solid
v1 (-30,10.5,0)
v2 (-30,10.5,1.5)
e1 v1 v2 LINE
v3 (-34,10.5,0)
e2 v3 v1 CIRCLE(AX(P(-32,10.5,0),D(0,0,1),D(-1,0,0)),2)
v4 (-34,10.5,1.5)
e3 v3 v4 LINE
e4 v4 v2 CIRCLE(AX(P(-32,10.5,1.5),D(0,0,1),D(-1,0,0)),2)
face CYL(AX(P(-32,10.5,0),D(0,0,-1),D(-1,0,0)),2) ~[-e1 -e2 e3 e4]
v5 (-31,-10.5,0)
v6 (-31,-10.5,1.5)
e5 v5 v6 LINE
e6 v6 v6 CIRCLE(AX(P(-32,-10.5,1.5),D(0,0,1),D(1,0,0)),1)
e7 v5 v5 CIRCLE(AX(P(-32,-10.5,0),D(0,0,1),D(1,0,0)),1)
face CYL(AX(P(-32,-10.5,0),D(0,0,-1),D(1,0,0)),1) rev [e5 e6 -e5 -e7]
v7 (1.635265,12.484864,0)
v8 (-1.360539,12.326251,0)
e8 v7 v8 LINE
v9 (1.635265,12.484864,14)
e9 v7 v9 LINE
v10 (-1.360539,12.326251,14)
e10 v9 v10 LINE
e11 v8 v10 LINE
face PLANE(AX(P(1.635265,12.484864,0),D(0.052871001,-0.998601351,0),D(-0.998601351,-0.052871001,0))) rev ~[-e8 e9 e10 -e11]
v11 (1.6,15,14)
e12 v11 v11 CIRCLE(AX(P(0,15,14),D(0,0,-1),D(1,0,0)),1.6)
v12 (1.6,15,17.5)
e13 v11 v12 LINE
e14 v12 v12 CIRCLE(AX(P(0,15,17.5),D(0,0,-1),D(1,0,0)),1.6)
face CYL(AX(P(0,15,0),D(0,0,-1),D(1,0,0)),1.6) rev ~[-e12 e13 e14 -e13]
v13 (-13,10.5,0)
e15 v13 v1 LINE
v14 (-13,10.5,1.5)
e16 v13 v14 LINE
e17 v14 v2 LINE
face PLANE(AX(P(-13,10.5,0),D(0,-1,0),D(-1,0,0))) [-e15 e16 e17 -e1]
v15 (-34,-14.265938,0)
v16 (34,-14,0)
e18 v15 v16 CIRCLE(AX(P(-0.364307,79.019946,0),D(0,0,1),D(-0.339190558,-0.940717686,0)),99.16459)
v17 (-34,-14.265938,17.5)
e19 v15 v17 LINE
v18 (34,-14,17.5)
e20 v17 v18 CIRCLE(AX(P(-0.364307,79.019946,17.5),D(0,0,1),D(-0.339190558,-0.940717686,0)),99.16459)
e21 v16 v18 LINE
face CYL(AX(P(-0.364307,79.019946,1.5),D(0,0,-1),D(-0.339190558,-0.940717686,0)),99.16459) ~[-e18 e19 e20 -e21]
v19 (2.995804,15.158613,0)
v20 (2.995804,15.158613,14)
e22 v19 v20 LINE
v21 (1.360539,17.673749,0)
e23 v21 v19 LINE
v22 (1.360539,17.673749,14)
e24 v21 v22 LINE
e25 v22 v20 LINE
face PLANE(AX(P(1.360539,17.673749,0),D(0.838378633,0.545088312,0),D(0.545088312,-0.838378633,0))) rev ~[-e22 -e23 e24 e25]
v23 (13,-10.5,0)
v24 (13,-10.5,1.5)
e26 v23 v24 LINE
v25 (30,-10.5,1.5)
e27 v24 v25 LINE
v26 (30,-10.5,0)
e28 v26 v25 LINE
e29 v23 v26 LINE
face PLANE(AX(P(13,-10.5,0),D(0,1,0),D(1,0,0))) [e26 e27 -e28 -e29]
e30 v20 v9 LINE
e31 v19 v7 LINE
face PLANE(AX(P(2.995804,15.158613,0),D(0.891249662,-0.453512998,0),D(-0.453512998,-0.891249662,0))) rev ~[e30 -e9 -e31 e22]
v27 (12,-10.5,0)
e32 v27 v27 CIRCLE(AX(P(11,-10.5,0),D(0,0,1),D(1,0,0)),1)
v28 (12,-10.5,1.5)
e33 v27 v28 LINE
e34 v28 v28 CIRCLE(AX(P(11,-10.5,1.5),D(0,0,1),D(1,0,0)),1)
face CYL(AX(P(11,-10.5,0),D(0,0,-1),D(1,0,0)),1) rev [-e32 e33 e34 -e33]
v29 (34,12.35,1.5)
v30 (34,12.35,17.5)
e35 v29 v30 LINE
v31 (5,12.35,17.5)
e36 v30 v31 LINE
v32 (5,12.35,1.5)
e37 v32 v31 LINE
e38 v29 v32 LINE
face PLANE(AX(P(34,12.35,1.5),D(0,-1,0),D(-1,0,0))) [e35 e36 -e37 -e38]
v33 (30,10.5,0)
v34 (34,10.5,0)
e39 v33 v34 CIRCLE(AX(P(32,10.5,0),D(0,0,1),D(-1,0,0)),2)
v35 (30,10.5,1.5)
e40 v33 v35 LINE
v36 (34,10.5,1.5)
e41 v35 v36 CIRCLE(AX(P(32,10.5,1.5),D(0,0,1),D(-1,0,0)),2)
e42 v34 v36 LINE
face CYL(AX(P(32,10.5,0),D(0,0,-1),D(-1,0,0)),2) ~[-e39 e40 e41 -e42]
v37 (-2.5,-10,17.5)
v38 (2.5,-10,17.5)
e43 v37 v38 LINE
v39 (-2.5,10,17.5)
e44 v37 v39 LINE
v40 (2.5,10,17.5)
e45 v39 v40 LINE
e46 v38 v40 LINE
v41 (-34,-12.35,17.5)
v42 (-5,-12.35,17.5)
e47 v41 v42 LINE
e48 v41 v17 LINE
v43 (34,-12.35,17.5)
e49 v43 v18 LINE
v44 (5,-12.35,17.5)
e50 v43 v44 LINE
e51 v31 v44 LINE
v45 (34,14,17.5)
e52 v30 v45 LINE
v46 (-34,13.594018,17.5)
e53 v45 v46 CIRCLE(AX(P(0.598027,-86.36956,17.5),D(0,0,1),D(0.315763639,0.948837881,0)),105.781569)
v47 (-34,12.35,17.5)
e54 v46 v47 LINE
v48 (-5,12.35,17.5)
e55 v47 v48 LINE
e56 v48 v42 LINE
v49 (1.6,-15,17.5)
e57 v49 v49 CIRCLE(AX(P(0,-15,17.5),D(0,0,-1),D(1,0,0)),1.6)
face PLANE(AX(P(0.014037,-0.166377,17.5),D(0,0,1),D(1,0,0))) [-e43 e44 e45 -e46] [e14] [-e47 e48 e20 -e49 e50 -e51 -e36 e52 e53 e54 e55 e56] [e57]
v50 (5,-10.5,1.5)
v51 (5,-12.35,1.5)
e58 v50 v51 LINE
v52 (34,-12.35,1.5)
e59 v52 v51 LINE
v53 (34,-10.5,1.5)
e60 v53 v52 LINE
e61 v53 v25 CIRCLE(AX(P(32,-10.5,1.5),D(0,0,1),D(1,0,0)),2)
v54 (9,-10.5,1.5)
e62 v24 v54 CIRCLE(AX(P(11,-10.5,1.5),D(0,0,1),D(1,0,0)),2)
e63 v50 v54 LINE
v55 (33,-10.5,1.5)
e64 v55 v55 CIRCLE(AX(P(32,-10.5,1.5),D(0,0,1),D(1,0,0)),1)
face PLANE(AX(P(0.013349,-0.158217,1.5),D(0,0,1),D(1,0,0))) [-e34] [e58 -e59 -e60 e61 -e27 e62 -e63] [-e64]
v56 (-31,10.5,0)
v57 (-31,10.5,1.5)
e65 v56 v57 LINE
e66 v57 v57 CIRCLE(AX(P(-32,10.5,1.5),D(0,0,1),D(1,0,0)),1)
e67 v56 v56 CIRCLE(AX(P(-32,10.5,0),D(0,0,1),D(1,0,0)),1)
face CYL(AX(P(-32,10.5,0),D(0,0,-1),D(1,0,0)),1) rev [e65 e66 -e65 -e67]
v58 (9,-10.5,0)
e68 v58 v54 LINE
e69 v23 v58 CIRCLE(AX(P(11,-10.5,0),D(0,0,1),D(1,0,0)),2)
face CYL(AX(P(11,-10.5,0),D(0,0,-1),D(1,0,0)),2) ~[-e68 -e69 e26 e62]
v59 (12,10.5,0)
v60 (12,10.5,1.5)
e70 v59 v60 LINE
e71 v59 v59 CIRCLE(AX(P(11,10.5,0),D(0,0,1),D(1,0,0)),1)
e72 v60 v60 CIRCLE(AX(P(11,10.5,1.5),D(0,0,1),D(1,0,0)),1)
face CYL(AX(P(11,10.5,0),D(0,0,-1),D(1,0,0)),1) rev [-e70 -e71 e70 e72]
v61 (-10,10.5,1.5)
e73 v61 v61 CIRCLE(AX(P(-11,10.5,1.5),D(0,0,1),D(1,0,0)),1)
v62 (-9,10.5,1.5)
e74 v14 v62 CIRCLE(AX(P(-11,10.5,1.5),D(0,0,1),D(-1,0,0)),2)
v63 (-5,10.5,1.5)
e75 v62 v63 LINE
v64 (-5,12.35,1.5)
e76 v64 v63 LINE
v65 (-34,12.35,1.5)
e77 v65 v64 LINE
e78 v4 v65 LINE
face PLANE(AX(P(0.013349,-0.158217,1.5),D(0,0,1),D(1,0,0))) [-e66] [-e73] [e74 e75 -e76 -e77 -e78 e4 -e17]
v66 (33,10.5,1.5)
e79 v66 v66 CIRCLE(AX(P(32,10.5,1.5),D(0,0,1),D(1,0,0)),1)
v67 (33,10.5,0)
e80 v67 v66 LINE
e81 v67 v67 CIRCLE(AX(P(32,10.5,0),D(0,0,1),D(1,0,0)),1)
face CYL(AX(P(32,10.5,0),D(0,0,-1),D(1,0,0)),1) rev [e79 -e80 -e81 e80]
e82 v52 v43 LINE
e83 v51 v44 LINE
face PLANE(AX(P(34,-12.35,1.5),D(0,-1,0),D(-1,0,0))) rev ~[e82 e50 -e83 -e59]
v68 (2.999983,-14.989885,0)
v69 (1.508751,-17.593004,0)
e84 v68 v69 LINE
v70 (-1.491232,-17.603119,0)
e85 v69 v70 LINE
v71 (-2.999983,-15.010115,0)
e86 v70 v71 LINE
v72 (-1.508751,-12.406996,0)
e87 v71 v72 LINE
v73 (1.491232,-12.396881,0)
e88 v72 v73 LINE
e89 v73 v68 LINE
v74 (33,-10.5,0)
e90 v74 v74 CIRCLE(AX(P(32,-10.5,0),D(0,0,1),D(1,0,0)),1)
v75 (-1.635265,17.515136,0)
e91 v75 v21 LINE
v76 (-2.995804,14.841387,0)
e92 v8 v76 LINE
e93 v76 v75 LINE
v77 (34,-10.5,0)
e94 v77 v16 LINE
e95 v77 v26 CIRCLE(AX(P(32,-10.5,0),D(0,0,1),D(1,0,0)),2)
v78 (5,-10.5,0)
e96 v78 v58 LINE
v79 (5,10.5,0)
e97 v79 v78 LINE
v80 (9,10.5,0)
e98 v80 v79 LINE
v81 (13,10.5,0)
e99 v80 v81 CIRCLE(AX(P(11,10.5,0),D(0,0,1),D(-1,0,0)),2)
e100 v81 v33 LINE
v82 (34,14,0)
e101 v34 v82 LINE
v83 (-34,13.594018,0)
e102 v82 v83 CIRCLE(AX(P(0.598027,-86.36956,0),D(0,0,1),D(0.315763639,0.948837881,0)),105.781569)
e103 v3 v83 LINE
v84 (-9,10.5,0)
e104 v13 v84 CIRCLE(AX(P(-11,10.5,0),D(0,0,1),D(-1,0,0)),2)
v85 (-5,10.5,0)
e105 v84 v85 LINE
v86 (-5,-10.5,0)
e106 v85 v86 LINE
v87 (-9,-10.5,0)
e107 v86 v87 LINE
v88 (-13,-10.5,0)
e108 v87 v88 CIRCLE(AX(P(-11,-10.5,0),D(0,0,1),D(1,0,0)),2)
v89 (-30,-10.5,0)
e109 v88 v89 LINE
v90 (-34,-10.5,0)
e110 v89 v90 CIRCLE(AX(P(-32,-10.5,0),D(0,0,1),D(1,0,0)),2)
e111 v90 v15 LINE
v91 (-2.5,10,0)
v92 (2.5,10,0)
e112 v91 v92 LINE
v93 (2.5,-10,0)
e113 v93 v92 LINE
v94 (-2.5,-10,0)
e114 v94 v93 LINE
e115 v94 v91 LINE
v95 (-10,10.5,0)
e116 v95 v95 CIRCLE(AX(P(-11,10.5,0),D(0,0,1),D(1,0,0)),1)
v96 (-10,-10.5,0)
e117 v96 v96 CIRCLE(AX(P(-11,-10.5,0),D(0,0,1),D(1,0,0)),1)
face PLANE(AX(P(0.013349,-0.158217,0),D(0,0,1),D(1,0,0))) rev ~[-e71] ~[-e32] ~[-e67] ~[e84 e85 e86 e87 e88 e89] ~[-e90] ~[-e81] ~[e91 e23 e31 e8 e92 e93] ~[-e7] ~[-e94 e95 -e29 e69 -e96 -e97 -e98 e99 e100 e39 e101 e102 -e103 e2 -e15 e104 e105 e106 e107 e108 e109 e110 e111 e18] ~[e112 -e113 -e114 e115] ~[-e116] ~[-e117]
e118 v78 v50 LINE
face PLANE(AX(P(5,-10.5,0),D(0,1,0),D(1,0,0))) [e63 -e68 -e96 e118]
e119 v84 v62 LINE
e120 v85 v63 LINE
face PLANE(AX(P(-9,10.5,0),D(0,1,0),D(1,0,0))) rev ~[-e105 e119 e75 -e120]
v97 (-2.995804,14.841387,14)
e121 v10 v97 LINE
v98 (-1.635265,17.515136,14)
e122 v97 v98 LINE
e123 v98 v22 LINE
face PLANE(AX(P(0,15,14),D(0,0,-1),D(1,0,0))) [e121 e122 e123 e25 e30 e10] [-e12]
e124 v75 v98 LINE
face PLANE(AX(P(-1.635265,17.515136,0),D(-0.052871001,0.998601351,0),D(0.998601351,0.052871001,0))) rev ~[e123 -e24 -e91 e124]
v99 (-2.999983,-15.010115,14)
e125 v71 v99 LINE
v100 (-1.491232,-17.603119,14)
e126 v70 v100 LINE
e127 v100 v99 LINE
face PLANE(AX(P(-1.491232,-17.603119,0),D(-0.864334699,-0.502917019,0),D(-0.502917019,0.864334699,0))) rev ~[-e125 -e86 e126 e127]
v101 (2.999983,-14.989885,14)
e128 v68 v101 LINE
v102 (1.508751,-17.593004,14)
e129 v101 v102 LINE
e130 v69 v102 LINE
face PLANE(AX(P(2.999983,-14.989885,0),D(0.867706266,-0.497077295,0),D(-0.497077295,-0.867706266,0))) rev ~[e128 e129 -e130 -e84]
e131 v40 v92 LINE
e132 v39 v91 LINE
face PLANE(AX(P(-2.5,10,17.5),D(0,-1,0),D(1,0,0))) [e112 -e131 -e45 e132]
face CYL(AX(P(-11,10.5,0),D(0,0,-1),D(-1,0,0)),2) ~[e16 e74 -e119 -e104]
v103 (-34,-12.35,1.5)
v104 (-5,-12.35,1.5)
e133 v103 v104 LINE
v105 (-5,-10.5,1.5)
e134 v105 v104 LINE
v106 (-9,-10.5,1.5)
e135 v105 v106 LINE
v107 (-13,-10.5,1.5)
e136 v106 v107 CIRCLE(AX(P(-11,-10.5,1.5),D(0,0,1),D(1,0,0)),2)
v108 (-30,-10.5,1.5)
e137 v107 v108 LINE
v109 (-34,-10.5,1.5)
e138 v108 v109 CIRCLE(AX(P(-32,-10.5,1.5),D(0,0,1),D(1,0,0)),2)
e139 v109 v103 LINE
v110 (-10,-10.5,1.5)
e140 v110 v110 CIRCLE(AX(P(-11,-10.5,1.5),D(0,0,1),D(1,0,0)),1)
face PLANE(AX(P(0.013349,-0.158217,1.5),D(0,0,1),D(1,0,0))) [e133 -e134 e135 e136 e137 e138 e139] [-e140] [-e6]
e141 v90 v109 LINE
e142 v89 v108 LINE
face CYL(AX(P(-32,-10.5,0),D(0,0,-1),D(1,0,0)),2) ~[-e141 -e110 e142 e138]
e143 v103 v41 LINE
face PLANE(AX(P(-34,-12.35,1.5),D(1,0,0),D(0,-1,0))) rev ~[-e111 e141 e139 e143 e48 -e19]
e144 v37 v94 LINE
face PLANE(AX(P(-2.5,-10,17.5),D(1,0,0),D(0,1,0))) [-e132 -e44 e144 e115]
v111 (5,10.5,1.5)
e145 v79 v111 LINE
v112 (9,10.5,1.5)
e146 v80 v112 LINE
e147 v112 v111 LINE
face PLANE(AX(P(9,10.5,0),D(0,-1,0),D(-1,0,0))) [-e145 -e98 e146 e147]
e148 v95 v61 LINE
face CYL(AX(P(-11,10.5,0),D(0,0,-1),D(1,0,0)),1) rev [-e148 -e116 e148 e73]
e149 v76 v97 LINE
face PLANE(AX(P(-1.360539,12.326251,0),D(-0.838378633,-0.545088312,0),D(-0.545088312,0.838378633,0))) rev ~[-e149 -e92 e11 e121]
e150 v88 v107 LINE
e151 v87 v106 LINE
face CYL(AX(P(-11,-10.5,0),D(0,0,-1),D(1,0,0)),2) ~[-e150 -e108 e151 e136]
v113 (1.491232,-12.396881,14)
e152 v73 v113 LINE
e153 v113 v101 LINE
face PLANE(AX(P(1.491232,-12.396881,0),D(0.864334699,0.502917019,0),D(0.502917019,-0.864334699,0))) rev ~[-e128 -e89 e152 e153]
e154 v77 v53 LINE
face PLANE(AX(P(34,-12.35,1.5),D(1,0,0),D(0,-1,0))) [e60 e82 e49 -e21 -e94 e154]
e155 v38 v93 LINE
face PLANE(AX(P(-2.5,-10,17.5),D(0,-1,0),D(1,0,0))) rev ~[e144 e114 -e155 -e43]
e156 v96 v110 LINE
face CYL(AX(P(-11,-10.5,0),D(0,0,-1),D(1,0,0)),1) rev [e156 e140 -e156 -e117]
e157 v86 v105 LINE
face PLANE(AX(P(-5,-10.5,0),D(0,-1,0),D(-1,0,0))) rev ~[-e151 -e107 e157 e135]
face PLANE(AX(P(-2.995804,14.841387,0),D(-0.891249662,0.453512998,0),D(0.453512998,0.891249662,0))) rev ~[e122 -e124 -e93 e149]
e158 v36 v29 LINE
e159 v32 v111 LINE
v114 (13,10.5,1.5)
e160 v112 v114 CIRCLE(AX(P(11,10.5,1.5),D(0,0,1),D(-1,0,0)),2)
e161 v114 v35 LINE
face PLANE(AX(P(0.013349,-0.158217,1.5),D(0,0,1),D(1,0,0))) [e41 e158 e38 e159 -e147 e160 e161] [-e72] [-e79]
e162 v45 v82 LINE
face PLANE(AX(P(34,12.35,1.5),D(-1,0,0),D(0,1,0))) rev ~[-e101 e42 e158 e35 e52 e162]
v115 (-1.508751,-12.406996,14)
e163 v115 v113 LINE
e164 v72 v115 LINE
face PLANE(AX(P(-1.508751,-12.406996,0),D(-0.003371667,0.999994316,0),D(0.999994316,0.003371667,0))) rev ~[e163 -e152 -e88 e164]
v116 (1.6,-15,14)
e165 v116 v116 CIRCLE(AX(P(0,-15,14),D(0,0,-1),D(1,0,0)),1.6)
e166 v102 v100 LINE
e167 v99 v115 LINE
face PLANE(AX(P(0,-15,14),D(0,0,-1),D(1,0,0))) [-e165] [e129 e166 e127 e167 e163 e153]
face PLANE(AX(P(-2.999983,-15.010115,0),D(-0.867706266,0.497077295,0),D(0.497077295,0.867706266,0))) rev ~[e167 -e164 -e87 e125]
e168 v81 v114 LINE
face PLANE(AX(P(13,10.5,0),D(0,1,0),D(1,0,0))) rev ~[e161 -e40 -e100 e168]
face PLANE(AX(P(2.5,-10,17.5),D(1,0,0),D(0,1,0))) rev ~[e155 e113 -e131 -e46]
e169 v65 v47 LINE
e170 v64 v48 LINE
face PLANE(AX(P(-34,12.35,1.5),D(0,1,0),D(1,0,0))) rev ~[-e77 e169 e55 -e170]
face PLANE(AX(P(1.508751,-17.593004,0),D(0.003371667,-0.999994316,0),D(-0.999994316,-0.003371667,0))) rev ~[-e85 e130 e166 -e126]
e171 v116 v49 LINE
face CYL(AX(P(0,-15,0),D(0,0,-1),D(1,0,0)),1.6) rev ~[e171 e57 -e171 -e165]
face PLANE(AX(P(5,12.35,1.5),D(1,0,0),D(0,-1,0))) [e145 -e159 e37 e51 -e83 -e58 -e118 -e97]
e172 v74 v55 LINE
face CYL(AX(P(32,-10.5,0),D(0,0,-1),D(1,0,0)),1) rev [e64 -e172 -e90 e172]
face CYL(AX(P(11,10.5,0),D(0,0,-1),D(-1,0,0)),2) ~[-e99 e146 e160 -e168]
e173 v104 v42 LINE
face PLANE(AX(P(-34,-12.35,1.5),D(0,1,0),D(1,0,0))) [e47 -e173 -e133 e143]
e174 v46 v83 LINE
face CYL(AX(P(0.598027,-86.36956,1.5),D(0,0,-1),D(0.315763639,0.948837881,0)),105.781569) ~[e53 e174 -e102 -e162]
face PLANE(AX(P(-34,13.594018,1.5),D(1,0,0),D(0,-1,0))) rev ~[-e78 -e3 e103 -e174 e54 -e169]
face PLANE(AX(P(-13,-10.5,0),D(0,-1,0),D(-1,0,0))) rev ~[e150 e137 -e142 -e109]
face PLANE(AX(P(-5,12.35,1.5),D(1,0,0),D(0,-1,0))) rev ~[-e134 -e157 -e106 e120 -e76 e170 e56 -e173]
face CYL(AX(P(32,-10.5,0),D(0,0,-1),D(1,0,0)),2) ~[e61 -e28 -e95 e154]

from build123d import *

# Parameters (mm, degrees)
SKETCH_R        = 1
PAD_DEPTH       = 1.5
PAD001_DEPTH    = 16
SKETCH002_R     = 1.6
POCKET_DEPTH    = 30
POCKET001_DEPTH = 14
SKETCH004_W     = 5
SKETCH004_H     = 20
POCKET002_DEPTH = 20


with BuildPart() as part:
    # Sketch → Pad (new body)
    with BuildSketch(Plane.XY):
        with BuildLine():
            Line((13, 10.5), (30, 10.5))
            ThreePointArc((30, 10.5), (32, 8.5), (34, 10.5))
            Line((34, 10.5), (34, 14))
            ThreePointArc((34, 14), (-0.033512, 19.410124), (-34, 13.594018))
            Line((-34, 10.5), (-34, 13.594018))
            ThreePointArc((-34, 10.5), (-32, 8.5), (-30, 10.5))
            Line((-13, 10.5), (-30, 10.5))
            ThreePointArc((-13, 10.5), (-11, 8.5), (-9, 10.5))
            Line((-9, 10.5), (-5, 10.5))
            Line((-5, 10.5), (-5, -10.5))
            Line((-5, -10.5), (-9, -10.5))
            ThreePointArc((-9, -10.5), (-11, -8.5), (-13, -10.5))
            Line((-13, -10.5), (-30, -10.5))
            ThreePointArc((-30, -10.5), (-32, -8.5), (-34, -10.5))
            Line((-34, -10.5), (-34, -14.265938))
            ThreePointArc((-34, -14.265938), (0.023508, -20.143886), (34, -14))
            Line((34, -10.5), (34, -14))
            ThreePointArc((34, -10.5), (32, -8.5), (30, -10.5))
            Line((13, -10.5), (30, -10.5))
            ThreePointArc((13, -10.5), (11, -8.5), (9, -10.5))
            Line((5, -10.5), (9, -10.5))
            Line((5, 10.5), (5, -10.5))
            Line((9, 10.5), (5, 10.5))
            ThreePointArc((9, 10.5), (11, 8.5), (13, 10.5))
        make_face()
        with Locations((11, 10.5)):
            Circle(SKETCH_R, mode=Mode.SUBTRACT)
        with Locations((11, -10.5)):
            Circle(SKETCH_R, mode=Mode.SUBTRACT)
        with Locations((32, 10.5)):
            Circle(SKETCH_R, mode=Mode.SUBTRACT)
        with Locations((32, -10.5)):
            Circle(SKETCH_R, mode=Mode.SUBTRACT)
        with Locations((-11, 10.5)):
            Circle(SKETCH_R, mode=Mode.SUBTRACT)
        with Locations((-11, -10.5)):
            Circle(SKETCH_R, mode=Mode.SUBTRACT)
        with Locations((-32, 10.5)):
            Circle(SKETCH_R, mode=Mode.SUBTRACT)
        with Locations((-32, -10.5)):
            Circle(SKETCH_R, mode=Mode.SUBTRACT)
    extrude(amount=PAD_DEPTH)

    # Sketch001 → Pad001 (new body)
    with BuildSketch(Plane.XY.offset(1.5)):
        with BuildLine():
            Line((-34, 12.35), (-5, 12.35))
            Line((-5, 12.35), (-5, 10.5))
            Line((-5, 10.5), (-5, -10.5))
            Line((-5, -10.5), (-5, -12.35))
            Line((-34, -12.35), (-5, -12.35))
            Line((-34, -12.35), (-34, -14.265938))
            ThreePointArc((-34, -14.265938), (0.023508, -20.143886), (34, -14))
            Line((34, -12.35), (34, -14))
            Line((34, -12.35), (5, -12.35))
            Line((5, -10.5), (5, -12.35))
            Line((5, 10.5), (5, -10.5))
            Line((5, 12.35), (5, 10.5))
            Line((34, 12.35), (5, 12.35))
            Line((34, 12.35), (34, 14))
            ThreePointArc((34, 14), (-0.033512, 19.410124), (-34, 13.594018))
            Line((-34, 13.594018), (-34, 12.35))
        make_face()
    extrude(amount=PAD001_DEPTH)

    # Sketch002 → Pocket (cut)
    with BuildSketch(Plane(origin=(0, 0, 0), x_dir=(1, 0, 0), z_dir=(0, 0, -1))):
        with Locations((0, 15)):
            Circle(SKETCH002_R)
        with Locations((0, -15)):
            Circle(SKETCH002_R)
    extrude(amount=-POCKET_DEPTH, mode=Mode.SUBTRACT)

    # Sketch003 → Pocket001 (cut)
    with BuildSketch(Plane(origin=(0, 0, 0), x_dir=(1, 0, 0), z_dir=(0, 0, -1))):
        Polygon((1.491232, 12.396881), (2.999983, 14.989885), (1.508751, 17.593004), (-1.491232, 17.603119), (-2.999983, 15.010115), (-1.508751, 12.406996), align=None)
        Polygon((1.360539, -17.673749), (2.995804, -15.158613), (1.635265, -12.484864), (-1.360539, -12.326251), (-2.995804, -14.841387), (-1.635265, -17.515136), align=None)
    extrude(amount=-POCKET001_DEPTH, mode=Mode.SUBTRACT)

    # Sketch004 → Pocket002 (cut)
    with BuildSketch(Plane.XY.offset(17.5)):
        Rectangle(SKETCH004_W, SKETCH004_H)
    extrude(amount=-POCKET002_DEPTH, mode=Mode.SUBTRACT)


solid = part.part
